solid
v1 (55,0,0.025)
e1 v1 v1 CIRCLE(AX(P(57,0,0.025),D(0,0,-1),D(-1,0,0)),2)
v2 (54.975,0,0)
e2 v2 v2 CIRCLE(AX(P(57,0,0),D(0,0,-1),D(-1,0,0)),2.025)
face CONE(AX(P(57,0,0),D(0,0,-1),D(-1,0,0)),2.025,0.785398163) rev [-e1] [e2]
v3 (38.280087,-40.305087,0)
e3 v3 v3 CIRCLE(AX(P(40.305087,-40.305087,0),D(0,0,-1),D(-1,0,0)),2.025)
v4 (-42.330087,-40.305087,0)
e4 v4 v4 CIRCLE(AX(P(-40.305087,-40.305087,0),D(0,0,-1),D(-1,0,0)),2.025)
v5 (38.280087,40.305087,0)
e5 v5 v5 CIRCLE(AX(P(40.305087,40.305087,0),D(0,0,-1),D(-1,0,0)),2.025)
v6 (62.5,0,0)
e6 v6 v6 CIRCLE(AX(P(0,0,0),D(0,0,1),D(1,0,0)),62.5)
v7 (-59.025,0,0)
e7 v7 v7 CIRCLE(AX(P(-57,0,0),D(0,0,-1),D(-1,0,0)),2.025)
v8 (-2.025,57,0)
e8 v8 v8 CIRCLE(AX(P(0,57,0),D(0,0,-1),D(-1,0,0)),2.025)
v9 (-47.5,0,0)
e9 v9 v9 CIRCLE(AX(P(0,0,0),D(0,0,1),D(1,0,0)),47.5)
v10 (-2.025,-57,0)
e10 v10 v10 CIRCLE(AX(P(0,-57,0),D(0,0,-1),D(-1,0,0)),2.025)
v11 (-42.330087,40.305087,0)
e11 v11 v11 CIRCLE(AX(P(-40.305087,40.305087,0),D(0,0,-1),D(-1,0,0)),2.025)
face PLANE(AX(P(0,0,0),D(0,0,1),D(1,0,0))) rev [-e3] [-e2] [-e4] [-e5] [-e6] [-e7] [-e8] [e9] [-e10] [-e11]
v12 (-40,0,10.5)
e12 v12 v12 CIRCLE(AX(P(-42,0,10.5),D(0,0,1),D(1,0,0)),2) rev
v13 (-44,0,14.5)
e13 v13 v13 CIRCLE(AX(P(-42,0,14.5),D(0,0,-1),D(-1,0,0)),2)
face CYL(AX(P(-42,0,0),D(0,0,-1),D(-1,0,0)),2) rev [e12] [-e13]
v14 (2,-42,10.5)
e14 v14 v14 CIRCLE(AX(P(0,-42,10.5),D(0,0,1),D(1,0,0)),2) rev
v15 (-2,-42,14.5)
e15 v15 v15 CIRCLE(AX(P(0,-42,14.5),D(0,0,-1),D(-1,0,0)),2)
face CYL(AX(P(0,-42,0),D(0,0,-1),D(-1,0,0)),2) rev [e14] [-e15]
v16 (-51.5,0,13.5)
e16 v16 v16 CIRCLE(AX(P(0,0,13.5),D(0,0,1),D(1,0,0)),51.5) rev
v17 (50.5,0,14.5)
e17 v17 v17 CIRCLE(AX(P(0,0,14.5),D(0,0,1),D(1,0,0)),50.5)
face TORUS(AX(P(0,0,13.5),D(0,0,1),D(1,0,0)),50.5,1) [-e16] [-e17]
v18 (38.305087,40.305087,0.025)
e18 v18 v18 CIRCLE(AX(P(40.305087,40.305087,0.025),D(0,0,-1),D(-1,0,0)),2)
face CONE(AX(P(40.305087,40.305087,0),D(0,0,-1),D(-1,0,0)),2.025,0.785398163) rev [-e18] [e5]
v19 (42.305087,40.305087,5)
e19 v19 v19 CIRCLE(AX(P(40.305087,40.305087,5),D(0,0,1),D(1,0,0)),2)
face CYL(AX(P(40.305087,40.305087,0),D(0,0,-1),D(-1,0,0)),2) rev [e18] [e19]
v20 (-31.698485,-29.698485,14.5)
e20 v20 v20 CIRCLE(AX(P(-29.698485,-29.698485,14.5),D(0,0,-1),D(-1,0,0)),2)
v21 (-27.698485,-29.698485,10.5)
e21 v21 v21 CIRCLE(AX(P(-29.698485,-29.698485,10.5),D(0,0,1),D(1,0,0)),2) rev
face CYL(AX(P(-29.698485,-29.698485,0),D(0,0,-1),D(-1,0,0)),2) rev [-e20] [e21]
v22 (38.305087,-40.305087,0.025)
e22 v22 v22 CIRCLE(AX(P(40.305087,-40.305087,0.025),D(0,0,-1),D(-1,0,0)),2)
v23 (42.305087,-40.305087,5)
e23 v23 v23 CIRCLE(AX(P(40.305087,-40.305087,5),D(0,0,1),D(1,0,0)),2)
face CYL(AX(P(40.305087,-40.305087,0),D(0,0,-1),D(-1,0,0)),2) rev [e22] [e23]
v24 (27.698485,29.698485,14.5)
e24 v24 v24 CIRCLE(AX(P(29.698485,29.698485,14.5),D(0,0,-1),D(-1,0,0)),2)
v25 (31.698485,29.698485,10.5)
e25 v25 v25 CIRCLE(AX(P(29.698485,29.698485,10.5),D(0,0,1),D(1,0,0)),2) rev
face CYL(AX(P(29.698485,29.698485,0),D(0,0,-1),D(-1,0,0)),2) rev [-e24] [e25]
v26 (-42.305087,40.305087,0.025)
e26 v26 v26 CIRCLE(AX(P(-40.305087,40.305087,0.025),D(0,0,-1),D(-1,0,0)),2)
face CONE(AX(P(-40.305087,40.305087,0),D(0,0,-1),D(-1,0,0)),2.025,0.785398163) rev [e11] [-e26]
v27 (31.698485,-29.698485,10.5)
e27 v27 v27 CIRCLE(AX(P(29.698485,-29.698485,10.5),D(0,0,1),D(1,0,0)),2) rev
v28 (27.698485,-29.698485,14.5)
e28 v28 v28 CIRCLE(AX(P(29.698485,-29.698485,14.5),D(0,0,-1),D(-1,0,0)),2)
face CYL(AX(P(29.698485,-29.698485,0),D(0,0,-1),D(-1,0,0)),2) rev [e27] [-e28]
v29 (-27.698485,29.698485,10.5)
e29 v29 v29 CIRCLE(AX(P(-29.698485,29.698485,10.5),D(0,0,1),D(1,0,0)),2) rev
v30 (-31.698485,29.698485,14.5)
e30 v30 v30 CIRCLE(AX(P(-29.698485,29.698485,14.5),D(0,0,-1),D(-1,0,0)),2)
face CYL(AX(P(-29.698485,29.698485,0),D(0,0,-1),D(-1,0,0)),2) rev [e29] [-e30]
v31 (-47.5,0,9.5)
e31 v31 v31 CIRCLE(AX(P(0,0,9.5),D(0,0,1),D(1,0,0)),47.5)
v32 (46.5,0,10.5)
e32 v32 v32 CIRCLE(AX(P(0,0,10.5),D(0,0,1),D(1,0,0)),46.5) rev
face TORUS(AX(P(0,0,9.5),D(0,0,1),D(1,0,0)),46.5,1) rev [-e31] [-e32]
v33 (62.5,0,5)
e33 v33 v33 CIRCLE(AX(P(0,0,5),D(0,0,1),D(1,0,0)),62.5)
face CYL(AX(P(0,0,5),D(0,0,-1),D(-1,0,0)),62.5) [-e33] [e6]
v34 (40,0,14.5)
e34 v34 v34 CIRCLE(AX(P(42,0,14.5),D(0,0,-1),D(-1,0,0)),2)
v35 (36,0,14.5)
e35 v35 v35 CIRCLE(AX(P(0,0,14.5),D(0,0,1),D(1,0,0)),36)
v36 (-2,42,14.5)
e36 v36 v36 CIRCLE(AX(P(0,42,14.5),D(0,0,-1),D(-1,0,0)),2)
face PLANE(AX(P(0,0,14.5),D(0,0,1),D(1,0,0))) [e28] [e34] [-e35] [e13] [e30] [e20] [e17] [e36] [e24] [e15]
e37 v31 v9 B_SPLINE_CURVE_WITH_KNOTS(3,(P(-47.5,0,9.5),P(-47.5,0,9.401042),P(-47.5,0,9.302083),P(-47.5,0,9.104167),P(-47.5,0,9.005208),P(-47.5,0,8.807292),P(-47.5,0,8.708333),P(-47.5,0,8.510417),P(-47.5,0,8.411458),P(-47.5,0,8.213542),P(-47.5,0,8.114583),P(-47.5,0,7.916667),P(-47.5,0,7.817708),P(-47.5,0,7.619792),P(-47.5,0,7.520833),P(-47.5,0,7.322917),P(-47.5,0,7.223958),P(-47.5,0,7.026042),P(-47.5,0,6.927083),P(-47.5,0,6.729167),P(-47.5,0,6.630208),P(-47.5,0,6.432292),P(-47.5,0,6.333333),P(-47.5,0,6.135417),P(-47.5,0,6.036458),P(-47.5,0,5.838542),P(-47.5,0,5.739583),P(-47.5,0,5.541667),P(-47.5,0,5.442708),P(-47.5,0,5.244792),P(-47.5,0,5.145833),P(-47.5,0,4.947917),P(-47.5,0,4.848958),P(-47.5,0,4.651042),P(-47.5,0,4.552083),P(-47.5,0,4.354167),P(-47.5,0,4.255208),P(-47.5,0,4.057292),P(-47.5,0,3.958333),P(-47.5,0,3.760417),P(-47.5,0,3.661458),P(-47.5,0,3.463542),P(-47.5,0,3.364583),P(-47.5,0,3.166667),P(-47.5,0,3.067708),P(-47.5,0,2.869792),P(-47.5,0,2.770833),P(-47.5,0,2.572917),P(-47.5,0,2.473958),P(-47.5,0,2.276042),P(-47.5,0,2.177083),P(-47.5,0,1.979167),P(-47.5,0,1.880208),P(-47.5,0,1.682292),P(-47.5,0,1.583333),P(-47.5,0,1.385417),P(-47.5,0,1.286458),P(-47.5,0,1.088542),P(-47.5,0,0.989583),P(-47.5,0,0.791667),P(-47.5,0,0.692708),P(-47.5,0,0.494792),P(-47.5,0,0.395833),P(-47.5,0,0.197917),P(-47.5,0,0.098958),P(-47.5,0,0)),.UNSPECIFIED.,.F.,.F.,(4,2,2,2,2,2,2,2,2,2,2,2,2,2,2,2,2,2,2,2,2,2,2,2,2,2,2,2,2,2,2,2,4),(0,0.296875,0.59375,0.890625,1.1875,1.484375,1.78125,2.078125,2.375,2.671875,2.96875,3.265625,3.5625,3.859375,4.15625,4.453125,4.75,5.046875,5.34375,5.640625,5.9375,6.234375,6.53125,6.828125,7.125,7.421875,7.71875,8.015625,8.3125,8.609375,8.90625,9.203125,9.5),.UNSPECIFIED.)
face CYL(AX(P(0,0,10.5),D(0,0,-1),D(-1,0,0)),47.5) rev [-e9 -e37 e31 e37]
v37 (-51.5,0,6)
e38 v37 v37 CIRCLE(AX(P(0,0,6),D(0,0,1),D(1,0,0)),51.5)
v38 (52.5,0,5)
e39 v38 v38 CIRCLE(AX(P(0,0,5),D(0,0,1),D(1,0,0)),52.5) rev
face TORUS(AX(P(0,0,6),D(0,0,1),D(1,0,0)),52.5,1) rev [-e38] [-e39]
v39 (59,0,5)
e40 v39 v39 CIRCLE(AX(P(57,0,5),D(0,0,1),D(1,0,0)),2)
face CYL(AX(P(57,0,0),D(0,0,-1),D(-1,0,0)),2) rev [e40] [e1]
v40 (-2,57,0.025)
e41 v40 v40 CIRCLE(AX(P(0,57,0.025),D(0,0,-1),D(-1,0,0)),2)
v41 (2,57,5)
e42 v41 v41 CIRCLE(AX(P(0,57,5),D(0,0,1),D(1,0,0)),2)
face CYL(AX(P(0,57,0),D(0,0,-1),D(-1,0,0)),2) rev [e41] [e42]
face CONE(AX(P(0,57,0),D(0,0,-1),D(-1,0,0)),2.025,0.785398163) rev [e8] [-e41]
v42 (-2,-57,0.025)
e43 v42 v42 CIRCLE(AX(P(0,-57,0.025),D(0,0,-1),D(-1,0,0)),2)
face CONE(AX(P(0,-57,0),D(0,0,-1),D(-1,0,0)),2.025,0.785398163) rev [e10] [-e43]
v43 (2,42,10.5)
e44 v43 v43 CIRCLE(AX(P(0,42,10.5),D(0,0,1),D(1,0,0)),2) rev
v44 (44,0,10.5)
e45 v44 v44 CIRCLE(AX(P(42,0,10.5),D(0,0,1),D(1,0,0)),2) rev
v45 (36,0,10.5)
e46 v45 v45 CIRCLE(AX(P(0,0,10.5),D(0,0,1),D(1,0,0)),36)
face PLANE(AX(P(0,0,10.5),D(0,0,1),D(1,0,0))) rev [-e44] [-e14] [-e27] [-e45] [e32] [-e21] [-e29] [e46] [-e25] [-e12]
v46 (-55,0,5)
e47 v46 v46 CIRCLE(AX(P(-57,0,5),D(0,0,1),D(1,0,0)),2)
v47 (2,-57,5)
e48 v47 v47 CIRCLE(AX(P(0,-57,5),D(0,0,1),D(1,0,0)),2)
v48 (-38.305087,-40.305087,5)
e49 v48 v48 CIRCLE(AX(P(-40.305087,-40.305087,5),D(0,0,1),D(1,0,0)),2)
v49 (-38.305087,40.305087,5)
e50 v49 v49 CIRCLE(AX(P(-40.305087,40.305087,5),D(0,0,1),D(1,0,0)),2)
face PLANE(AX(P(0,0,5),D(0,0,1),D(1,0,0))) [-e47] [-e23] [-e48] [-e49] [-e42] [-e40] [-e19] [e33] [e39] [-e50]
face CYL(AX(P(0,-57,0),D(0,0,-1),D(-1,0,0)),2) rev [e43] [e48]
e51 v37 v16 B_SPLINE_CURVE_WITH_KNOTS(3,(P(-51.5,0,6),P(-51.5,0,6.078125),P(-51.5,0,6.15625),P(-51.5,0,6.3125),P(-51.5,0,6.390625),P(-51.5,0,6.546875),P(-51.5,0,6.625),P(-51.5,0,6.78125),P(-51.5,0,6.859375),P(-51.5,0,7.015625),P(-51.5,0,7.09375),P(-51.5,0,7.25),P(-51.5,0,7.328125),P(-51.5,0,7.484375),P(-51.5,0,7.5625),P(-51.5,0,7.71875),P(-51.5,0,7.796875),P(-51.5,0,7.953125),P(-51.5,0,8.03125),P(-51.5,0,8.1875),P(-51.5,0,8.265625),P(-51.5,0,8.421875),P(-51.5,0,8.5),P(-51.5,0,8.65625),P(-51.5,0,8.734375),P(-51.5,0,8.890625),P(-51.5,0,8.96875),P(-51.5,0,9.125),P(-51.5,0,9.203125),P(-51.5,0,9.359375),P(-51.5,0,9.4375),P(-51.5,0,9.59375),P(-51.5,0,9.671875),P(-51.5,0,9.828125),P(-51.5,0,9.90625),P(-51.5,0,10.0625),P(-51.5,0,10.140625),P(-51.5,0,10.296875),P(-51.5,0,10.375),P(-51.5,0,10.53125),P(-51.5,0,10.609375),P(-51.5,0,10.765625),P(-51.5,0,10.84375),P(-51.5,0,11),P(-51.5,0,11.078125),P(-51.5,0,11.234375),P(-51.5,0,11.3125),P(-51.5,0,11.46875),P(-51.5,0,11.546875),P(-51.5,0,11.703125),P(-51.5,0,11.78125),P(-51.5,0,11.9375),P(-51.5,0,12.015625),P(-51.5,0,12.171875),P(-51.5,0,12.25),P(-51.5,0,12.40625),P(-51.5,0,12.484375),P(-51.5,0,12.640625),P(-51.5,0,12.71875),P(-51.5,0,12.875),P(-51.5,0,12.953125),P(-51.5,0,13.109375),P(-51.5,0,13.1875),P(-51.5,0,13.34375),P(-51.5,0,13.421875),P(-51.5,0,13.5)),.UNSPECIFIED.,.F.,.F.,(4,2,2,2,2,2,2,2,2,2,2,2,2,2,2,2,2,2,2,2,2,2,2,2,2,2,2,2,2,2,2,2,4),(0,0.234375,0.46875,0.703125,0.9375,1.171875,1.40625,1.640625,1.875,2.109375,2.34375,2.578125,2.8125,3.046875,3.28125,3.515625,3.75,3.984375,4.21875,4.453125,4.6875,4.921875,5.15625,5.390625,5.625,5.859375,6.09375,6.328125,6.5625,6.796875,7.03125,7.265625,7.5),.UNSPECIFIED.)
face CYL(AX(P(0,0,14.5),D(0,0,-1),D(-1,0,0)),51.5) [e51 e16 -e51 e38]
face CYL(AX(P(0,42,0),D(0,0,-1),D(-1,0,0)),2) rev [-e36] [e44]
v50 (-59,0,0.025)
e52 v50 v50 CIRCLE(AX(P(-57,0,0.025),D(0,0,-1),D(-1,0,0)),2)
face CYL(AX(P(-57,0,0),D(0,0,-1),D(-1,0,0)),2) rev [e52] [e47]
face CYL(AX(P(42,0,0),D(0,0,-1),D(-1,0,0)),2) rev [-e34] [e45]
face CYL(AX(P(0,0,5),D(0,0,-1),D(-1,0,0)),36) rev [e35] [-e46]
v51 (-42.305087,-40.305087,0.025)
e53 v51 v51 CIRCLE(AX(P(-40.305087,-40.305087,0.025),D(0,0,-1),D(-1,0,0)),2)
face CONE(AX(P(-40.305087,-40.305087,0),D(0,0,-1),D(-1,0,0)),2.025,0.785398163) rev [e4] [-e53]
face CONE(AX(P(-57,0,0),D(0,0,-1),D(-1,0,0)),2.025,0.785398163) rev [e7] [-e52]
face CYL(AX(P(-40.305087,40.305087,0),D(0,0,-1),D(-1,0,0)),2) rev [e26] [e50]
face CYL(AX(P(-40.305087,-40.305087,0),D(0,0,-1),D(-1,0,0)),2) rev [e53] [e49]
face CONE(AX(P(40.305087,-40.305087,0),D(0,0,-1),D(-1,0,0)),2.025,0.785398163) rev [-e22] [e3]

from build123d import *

# Parameters (mm, degrees)
SKETCH1_R                       = 62.5
SKETCH1_R_2                     = 36
BOSS_EXTRUDE1_DEPTH             = 5
SKETCH1_4_R                     = 51.5
SKETCH1_4_R_2                   = 36
BOSS_EXTRUDE2_DEPTH             = 14.5
F_4_0MM_DOWEL_HOLE3_D           = 4
F_4_0MM_DOWEL_HOLE3_CSINK_D     = 4.05
F_4_0MM_DOWEL_HOLE3_CSINK_ANGLE = 90
SKETCH11_R                      = 47.5
SKETCH11_R_2                    = 36
CUT_EXTRUDE4_DEPTH              = 10.5
FILLET1_R                       = 1


with BuildPart() as part:
    # Sketch1 → Boss-Extrude1 (new body)
    with BuildSketch(Plane.XY):
        Circle(SKETCH1_R)
        Circle(SKETCH1_R_2, mode=Mode.SUBTRACT)
    extrude(amount=BOSS_EXTRUDE1_DEPTH)

    # Sketch1<4> → Boss-Extrude2 (add)
    with BuildSketch(Plane.XY):
        Circle(SKETCH1_4_R)
        Circle(SKETCH1_4_R_2, mode=Mode.SUBTRACT)
    extrude(amount=BOSS_EXTRUDE2_DEPTH)

    # Ø4.0mm Dowel Hole3 (through all)
    with Locations(Plane(origin=(0, 0, 0), x_dir=(-1, 0, 0), z_dir=(0, 0, -1))):
        with Locations((0, 57), (0, 42), (40.305086528, 40.305086528), (29.69848481, 29.69848481), (42, 0), (57, 0), (40.305086528, -40.305086528), (29.69848481, -29.69848481), (0, -42), (0, -57), (-29.69848481, -29.69848481), (-40.305086528, -40.305086528), (-42, 0), (-57, 0), (-29.69848481, 29.69848481), (-40.305086528, 40.305086528)):
            CounterSinkHole(F_4_0MM_DOWEL_HOLE3_D / 2, F_4_0MM_DOWEL_HOLE3_CSINK_D / 2, counter_sink_angle=F_4_0MM_DOWEL_HOLE3_CSINK_ANGLE)

    # Sketch11 → Cut-Extrude4 (cut)
    with BuildSketch(Plane.XY):
        Circle(SKETCH11_R)
        Circle(SKETCH11_R_2, mode=Mode.SUBTRACT)
    extrude(amount=CUT_EXTRUDE4_DEPTH, mode=Mode.SUBTRACT)

    # Fillet1
    fillet1_edges = [part.edges().sort_by_distance(p)[0] for p in [
        (-47.5, 0, 10.5),
        (-51.5, 0, 5),
        (-51.5, 0, 14.5),
    ]]
    fillet(fillet1_edges, radius=FILLET1_R)


solid = part.part
